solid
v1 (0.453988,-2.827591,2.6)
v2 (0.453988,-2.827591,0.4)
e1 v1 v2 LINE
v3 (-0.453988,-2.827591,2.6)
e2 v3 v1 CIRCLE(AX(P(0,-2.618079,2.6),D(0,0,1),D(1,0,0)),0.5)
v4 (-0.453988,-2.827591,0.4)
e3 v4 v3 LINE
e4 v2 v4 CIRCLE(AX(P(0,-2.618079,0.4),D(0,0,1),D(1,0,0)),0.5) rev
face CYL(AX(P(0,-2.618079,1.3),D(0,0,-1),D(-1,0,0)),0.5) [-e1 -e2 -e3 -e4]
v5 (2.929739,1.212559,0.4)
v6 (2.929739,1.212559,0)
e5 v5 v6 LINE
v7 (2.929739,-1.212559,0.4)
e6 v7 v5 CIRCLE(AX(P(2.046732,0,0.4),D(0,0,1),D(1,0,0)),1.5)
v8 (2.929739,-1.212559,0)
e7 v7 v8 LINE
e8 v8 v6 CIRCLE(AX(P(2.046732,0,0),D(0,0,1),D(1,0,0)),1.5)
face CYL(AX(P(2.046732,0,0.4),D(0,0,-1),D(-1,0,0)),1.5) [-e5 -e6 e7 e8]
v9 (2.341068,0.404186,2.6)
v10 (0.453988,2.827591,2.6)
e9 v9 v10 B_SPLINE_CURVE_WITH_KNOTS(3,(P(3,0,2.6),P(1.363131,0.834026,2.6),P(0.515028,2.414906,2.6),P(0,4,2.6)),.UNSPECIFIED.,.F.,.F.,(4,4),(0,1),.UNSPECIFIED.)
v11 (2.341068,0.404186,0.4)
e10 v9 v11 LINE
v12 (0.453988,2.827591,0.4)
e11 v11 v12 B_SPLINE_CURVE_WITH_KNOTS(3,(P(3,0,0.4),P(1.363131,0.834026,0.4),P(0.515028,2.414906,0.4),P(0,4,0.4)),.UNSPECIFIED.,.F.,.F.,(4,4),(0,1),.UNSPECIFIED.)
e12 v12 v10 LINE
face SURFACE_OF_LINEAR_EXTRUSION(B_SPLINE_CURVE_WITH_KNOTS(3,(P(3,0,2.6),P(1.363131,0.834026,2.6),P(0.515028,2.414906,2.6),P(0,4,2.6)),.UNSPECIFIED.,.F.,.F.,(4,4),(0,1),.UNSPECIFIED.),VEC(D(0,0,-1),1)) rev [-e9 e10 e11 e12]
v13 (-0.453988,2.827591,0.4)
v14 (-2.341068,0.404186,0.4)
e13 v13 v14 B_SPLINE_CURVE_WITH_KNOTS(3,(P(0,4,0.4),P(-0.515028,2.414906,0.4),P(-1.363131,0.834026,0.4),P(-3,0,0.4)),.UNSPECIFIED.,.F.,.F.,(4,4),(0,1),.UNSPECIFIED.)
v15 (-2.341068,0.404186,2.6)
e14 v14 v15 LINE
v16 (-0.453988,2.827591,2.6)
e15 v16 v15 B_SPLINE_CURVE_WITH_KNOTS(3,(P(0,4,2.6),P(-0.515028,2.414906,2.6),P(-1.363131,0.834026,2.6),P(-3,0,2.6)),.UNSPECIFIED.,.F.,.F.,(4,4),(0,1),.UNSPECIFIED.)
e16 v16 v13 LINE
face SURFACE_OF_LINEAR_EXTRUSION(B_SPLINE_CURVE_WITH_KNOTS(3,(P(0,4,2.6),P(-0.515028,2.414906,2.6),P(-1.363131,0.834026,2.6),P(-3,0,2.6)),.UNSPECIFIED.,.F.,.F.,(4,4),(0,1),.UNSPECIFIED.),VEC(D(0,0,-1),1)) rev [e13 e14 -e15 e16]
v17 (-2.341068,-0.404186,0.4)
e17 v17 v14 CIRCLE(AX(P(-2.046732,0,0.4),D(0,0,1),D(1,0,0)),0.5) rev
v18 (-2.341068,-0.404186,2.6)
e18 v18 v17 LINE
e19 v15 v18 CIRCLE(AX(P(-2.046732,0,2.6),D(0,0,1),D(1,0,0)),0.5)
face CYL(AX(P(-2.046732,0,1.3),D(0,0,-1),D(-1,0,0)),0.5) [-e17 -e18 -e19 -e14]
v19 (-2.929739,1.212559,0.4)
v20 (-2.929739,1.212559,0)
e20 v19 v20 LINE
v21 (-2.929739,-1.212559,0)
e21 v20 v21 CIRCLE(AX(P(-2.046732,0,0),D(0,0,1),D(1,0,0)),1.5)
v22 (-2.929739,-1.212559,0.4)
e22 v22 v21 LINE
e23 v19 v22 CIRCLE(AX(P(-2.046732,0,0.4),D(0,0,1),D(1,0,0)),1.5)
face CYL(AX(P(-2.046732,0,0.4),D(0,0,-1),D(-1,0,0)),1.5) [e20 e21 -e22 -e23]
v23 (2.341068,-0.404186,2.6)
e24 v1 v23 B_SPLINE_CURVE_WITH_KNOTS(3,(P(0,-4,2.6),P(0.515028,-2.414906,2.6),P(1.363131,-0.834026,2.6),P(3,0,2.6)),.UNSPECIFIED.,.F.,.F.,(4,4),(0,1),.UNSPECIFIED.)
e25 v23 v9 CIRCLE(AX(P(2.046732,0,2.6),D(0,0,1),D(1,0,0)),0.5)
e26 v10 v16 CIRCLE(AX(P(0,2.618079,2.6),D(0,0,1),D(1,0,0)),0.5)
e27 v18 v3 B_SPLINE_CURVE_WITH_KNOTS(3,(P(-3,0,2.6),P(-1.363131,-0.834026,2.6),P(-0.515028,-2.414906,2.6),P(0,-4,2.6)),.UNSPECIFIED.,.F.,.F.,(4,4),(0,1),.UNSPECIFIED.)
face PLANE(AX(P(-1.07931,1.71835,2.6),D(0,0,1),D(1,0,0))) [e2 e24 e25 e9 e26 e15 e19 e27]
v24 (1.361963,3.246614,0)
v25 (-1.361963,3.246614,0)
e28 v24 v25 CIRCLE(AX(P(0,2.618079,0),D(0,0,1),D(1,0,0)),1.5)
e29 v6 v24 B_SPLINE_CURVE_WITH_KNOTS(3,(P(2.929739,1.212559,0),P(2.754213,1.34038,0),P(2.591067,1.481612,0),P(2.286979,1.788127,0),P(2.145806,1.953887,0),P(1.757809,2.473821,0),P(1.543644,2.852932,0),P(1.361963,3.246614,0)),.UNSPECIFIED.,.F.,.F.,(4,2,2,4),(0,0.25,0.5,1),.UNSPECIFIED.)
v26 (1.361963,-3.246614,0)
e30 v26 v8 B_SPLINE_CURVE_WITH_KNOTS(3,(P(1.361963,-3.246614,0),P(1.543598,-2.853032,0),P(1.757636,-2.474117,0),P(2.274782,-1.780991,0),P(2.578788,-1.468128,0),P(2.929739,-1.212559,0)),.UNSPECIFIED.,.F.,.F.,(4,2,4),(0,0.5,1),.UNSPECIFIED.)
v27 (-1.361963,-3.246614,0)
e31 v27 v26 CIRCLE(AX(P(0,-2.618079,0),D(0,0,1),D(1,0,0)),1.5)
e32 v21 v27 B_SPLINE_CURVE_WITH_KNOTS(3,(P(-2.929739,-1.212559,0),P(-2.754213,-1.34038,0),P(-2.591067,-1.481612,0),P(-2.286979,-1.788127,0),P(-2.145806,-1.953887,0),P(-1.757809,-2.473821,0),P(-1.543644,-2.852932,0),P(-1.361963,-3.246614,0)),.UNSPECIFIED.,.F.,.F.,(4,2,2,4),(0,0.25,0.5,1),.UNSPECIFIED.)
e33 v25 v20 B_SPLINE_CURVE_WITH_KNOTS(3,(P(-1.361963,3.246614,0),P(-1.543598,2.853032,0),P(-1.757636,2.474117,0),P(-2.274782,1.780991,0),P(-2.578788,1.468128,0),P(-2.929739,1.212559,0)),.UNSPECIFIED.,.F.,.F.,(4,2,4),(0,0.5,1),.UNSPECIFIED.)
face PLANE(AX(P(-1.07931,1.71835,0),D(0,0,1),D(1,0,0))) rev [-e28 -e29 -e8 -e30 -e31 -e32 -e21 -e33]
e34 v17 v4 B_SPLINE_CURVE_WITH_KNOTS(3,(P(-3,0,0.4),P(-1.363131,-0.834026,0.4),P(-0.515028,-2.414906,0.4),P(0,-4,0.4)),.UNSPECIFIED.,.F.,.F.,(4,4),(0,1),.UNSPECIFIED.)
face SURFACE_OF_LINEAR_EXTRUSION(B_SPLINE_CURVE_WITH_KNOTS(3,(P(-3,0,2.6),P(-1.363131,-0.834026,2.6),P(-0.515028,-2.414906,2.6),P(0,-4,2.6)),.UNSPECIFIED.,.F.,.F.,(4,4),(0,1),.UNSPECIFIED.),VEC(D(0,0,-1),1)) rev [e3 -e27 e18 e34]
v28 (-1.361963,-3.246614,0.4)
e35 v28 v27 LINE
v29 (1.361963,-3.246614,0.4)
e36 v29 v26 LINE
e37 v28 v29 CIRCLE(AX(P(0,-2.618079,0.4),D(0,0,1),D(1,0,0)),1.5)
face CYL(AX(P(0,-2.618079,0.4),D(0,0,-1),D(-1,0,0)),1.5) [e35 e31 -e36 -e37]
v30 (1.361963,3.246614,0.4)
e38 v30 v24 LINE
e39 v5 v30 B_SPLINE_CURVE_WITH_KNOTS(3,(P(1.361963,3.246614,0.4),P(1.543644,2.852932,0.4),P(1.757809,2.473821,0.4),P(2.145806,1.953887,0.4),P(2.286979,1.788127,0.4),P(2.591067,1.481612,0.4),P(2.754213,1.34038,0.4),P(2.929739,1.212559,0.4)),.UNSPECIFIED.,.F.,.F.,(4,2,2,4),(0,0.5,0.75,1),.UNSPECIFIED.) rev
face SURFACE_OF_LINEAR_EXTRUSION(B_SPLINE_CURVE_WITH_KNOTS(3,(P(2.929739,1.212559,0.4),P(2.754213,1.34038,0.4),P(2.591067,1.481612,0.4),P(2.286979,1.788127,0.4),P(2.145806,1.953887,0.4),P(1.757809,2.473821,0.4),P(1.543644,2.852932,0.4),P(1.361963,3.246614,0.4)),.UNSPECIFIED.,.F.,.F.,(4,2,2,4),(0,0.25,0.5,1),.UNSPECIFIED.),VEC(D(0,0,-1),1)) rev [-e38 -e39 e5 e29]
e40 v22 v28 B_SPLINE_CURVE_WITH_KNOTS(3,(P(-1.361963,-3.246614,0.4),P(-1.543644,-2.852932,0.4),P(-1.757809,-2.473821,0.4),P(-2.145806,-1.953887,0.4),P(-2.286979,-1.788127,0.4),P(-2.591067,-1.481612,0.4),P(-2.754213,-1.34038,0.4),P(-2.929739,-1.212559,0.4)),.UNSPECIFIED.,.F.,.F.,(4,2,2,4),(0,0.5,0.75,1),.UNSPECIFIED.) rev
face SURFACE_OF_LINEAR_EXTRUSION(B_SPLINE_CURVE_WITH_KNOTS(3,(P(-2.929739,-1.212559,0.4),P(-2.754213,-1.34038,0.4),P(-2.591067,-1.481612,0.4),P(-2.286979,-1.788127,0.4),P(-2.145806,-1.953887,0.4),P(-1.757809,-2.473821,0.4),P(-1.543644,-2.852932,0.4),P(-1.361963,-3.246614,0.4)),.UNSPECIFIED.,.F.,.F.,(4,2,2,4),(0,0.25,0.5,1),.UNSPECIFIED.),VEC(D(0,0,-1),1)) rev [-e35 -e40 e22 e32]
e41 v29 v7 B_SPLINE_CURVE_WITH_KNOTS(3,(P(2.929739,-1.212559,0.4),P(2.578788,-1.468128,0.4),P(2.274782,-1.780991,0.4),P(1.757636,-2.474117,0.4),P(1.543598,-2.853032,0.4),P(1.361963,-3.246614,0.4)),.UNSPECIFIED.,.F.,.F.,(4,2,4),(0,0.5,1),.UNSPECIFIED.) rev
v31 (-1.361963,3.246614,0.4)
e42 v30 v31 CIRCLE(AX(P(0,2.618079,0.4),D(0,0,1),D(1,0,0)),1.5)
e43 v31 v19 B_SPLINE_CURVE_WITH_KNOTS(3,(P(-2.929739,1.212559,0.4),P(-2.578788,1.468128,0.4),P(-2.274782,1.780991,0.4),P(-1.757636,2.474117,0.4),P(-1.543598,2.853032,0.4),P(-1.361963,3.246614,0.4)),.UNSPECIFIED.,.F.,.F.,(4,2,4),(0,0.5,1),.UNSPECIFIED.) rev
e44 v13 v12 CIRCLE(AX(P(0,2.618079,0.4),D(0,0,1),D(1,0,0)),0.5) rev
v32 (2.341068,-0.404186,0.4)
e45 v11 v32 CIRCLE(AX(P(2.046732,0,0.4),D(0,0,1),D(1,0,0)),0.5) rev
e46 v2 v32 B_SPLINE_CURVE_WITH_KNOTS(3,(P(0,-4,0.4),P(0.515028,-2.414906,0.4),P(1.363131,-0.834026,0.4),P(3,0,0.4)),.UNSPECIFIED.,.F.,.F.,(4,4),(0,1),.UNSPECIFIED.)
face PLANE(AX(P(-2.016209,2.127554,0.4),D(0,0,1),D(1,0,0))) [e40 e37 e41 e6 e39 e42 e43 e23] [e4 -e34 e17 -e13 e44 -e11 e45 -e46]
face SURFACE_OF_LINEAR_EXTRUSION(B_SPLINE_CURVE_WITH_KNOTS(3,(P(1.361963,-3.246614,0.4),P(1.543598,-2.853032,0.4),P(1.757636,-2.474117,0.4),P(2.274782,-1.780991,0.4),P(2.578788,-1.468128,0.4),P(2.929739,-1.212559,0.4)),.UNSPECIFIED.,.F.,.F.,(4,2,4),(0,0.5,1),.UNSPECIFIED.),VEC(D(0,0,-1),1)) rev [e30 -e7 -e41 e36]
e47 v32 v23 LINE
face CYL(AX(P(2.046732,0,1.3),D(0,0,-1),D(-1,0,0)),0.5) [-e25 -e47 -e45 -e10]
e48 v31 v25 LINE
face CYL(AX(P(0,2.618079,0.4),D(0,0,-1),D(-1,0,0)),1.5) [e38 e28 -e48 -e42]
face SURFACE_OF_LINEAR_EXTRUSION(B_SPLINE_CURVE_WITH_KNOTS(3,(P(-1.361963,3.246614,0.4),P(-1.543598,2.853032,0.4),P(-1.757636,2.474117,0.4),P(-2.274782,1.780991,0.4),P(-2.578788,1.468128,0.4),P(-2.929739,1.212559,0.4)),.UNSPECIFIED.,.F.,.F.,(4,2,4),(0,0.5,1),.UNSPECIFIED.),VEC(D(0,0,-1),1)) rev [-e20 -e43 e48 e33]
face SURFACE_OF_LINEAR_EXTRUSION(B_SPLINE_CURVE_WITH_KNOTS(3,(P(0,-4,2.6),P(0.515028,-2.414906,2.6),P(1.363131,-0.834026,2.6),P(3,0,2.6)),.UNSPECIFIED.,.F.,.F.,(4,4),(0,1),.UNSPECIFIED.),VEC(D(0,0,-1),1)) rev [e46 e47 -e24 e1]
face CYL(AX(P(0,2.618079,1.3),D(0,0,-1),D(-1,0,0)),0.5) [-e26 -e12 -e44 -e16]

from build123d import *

# Parameters (mm, degrees)
BOSS_EXTRUDE1_DEPTH = 2.6
FILLET1_R           = 0.5
BOSS_EXTRUDE2_DEPTH = 0.4


with BuildPart() as part:
    # Sketch4 → Boss-Extrude1 (new body)
    with BuildSketch(Plane.XY):
        with BuildLine():
            add(Edge.make_bspline(
                [(0, 4), (0.515028324, 2.414905806), (1.36313107, 0.834026377), (3, 0)],
                knots=[0, 0, 0, 0, 1, 1, 1, 1], degree=3))
            add(Edge.make_bspline(
                [(0, -4), (0.515028324, -2.414905806), (1.36313107, -0.834026377), (3, 0)],
                knots=[0, 0, 0, 0, 1, 1, 1, 1], degree=3))
            add(Edge.make_bspline(
                [(0, -4), (-0.515028324, -2.414905806), (-1.36313107, -0.834026377), (-3, 0)],
                knots=[0, 0, 0, 0, 1, 1, 1, 1], degree=3))
            add(Edge.make_bspline(
                [(0, 4), (-0.515028324, 2.414905806), (-1.36313107, 0.834026377), (-3, 0)],
                knots=[0, 0, 0, 0, 1, 1, 1, 1], degree=3))
        make_face()
    extrude(amount=BOSS_EXTRUDE1_DEPTH)

    # Fillet1
    fillet1_edges = [part.edges().sort_by_distance(p)[0] for p in [
        (0, -4, 1.3),
        (-3, 0, 1.3),
        (3, 0, 1.3),
        (0, 4, 1.3),
    ]]
    fillet(fillet1_edges, radius=FILLET1_R)

    # Sketch5 → Boss-Extrude2 (add)
    with BuildSketch(Plane.XY):
        with BuildLine():
            ThreePointArc((-2.929739435, 1.212558746), (-3.546732478, 0), (-2.929739435, -1.212558746))
            add(Edge.make_bspline(
                [(-2.929739435, -1.212558746), (-2.754213175, -1.340380107), (-2.591067356, -1.481611947), (-2.286979377, -1.788126606), (-2.14580641, -1.953887397), (-1.757808942, -2.473821282), (-1.543643929, -2.852932461), (-1.361963313, -3.246613691)],
                knots=[0, 0, 0, 0, 0.25, 0.25, 0.5, 0.5, 1, 1, 1, 1], degree=3))
            ThreePointArc((-1.361963313, -3.246613691), (0, -4.118078938), (1.361963313, -3.246613691))
            add(Edge.make_bspline(
                [(1.361963313, -3.246613691), (1.543598049, -2.853031879), (1.757635539, -2.47411695), (2.274781933, -1.780991218), (2.578788315, -1.468127627), (2.929739435, -1.212558746)],
                knots=[0, 0, 0, 0, 0.5, 0.5, 1, 1, 1, 1], degree=3))
            ThreePointArc((2.929739435, -1.212558746), (3.546732478, 0), (2.929739435, 1.212558746))
            add(Edge.make_bspline(
                [(2.929739435, 1.212558746), (2.754213175, 1.340380107), (2.591067356, 1.481611947), (2.286979377, 1.788126606), (2.14580641, 1.953887397), (1.757808942, 2.473821282), (1.543643929, 2.852932461), (1.361963313, 3.246613691)],
                knots=[0, 0, 0, 0, 0.25, 0.25, 0.5, 0.5, 1, 1, 1, 1], degree=3))
            ThreePointArc((1.361963313, 3.246613691), (0, 4.118078938), (-1.361963313, 3.246613691))
            add(Edge.make_bspline(
                [(-1.361963313, 3.246613691), (-1.543598049, 2.853031879), (-1.757635539, 2.47411695), (-2.274781933, 1.780991218), (-2.578788315, 1.468127627), (-2.929739435, 1.212558746)],
                knots=[0, 0, 0, 0, 0.5, 0.5, 1, 1, 1, 1], degree=3))
        make_face()
    extrude(amount=BOSS_EXTRUDE2_DEPTH)


solid = part.part
